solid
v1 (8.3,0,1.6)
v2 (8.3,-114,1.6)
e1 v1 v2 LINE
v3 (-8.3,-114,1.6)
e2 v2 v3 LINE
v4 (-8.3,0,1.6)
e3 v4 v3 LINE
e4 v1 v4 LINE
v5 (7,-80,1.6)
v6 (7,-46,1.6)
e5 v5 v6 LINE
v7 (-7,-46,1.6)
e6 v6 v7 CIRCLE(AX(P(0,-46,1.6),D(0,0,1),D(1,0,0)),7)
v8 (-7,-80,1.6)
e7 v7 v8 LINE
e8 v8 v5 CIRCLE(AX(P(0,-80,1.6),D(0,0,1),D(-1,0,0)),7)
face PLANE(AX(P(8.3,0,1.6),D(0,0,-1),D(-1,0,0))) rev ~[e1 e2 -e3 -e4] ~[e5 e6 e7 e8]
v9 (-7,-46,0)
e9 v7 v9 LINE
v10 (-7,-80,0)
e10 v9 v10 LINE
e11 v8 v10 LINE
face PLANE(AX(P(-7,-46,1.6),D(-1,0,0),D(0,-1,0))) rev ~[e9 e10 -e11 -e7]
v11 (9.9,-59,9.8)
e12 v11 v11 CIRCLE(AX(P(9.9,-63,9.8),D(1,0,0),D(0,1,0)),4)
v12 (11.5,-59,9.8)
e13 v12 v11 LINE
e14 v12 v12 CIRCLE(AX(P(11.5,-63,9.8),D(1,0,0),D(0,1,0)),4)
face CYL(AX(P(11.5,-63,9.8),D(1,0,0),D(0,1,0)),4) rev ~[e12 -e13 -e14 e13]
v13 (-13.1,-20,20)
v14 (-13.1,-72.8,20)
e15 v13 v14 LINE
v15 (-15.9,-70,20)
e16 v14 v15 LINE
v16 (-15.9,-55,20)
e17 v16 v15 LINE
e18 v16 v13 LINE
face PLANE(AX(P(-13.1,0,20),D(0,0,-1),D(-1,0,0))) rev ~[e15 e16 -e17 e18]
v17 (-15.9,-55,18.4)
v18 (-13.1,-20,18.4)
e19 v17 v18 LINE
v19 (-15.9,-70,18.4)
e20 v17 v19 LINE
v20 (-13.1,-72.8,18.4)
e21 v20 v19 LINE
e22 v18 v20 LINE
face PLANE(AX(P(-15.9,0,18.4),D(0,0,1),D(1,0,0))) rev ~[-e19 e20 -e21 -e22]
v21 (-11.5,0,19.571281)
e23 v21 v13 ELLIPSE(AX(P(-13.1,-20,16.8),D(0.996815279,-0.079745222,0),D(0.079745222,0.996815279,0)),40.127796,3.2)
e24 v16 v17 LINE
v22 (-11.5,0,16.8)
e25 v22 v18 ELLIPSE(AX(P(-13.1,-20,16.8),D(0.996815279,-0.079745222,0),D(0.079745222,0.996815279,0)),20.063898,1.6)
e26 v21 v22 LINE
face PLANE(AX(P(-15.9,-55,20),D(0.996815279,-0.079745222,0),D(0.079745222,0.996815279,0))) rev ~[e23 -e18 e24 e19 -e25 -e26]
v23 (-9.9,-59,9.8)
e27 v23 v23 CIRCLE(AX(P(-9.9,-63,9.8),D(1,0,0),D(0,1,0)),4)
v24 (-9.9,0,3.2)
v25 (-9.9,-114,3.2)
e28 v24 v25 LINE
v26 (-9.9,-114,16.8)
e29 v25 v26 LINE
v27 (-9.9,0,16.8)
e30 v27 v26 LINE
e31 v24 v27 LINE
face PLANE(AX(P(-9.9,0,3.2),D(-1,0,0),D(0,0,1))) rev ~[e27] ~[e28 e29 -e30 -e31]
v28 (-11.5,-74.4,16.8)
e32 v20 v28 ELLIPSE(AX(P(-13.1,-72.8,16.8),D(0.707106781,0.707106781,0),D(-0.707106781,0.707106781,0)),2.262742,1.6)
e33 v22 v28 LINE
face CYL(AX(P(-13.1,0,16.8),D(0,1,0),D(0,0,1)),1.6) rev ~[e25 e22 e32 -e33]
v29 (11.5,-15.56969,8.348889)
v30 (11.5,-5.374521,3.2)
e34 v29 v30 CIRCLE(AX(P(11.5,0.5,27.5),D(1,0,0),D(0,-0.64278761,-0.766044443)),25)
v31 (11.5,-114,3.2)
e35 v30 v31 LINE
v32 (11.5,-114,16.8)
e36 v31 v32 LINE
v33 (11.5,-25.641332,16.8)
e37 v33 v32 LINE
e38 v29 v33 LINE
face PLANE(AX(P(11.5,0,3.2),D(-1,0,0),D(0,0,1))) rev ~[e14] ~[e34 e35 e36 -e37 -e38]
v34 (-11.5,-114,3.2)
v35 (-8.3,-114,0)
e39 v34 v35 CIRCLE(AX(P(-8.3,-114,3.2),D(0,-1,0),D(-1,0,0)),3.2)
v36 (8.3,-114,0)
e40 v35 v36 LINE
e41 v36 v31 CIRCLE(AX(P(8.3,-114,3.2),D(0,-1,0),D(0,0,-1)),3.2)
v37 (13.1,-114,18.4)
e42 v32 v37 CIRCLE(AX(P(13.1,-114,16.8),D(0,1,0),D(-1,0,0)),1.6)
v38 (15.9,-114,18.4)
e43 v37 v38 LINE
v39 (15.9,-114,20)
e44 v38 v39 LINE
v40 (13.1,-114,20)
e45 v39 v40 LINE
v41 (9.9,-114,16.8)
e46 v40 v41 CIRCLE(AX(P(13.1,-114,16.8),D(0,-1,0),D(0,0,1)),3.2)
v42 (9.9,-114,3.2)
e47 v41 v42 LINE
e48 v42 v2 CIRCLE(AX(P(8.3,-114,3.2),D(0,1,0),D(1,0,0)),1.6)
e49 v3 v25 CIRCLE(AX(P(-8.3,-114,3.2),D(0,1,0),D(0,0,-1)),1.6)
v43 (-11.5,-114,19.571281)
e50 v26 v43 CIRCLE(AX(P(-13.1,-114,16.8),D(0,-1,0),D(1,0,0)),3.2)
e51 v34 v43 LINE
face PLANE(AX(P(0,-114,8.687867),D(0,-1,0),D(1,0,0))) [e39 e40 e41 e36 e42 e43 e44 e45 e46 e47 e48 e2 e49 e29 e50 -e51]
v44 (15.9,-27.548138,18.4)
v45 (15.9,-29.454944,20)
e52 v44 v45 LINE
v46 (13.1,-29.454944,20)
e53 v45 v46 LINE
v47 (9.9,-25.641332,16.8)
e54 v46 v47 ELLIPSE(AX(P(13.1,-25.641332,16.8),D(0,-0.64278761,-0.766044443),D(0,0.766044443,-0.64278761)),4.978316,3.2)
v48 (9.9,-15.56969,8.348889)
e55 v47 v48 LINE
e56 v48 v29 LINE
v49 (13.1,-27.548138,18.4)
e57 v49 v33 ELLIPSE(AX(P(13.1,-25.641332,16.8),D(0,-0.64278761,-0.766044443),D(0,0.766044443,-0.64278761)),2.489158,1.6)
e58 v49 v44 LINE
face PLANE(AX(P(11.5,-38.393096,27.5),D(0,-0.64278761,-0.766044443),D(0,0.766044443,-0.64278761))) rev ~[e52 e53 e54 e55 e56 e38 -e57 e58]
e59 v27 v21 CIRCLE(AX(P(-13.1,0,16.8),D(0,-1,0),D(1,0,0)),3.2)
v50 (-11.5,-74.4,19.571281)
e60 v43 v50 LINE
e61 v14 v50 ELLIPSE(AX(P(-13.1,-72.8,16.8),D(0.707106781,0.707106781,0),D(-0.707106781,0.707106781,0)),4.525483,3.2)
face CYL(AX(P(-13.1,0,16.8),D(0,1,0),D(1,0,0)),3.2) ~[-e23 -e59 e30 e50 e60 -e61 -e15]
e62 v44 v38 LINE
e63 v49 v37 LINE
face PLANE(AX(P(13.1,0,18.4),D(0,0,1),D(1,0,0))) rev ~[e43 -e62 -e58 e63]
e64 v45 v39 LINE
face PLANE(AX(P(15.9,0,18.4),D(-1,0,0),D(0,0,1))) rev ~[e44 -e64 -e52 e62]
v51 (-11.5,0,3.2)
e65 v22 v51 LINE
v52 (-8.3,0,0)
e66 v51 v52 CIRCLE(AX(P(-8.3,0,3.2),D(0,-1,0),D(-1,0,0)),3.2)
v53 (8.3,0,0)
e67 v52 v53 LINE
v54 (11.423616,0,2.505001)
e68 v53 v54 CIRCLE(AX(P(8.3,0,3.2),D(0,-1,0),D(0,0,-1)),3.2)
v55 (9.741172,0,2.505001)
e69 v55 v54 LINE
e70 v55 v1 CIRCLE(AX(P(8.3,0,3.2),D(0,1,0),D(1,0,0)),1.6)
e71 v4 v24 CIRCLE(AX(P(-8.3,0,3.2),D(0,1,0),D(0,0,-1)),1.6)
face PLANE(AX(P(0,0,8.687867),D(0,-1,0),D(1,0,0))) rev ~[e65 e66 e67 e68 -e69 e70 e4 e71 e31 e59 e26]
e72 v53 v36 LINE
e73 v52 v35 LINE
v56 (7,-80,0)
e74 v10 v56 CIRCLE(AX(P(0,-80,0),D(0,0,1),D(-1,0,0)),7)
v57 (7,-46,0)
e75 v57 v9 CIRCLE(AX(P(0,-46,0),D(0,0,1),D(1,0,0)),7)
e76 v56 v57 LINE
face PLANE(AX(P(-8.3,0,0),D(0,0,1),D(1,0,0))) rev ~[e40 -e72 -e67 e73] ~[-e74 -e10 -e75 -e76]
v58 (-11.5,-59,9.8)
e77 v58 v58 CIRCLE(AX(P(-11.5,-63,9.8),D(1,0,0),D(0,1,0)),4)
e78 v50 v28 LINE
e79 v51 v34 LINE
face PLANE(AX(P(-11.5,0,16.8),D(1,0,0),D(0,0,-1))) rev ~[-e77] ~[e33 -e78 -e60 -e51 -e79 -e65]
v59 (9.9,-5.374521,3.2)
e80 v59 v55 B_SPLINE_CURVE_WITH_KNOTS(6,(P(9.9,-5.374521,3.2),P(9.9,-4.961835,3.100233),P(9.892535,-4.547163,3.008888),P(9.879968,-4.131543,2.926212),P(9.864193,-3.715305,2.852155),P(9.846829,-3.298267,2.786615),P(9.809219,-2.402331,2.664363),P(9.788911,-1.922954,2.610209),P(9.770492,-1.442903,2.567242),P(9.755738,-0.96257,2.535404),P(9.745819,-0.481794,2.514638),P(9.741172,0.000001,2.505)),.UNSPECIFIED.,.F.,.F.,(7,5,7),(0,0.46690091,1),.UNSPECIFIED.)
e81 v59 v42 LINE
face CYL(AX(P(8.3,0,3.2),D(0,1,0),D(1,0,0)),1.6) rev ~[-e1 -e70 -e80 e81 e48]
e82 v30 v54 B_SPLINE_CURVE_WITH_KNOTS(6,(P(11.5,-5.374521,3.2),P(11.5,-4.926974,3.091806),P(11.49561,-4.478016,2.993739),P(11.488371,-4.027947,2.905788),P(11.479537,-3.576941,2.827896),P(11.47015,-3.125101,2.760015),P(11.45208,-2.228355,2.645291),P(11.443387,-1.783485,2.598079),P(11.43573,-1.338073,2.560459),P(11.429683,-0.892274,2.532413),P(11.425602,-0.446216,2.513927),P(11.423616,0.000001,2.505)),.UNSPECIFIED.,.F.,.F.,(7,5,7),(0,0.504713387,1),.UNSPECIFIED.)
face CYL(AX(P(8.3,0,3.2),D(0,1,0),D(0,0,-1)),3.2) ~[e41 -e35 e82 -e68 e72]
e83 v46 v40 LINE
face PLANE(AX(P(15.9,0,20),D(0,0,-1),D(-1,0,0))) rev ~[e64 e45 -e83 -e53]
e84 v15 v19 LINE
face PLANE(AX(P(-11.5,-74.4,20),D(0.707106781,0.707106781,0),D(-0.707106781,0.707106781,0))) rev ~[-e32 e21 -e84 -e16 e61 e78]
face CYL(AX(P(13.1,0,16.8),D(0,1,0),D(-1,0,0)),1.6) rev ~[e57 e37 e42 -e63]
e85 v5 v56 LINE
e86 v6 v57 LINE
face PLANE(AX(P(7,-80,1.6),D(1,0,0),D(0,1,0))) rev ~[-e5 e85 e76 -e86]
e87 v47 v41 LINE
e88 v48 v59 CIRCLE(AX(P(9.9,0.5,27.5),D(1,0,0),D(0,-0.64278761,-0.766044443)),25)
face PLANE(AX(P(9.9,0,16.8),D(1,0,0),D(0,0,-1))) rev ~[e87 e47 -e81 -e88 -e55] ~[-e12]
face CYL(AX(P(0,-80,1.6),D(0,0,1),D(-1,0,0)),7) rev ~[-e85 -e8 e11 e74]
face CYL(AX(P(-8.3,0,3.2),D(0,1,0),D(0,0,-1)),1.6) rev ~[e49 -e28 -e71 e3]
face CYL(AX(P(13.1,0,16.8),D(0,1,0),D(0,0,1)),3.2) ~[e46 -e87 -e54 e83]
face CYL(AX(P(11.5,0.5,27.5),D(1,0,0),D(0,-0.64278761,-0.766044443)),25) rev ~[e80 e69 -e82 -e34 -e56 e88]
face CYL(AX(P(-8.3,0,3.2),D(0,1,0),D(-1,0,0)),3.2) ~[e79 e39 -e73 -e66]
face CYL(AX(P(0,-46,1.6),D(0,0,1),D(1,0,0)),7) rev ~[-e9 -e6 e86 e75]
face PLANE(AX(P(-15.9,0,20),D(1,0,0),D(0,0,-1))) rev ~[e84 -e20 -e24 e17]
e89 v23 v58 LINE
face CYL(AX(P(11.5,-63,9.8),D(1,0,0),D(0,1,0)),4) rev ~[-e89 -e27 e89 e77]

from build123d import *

# Parameters (mm, degrees)
F1_DEPTH = 114
F3_DEPTH = 25
F5_DEPTH = 5
F6_R     = 4
F7_DEPTH = 30
F9_DEPTH = 5


with BuildPart() as f1:
    # F0 (on Front) → F1 (new body)
    with BuildSketch(Plane.XZ):
        with BuildLine():
            ThreePointArc((-11.5, 3.2), (-10.5627416998, 0.9372583002), (-8.3, 0))
            Line((-8.3, 0), (0, 0))
            Line((0, 0), (8.3, 0))
            ThreePointArc((8.3, 0), (10.5627416998, 0.9372583002), (11.5, 3.2))
            Line((11.5, 3.2), (11.5, 16.8))
            ThreePointArc((11.5, 16.8), (11.9686291501, 17.9313708499), (13.1, 18.4))
            Line((13.1, 18.4), (15.9, 18.4))
            Line((15.9, 18.4), (15.9, 20))
            Line((15.9, 20), (13.1, 20))
            ThreePointArc((13.1, 20), (10.8372583002, 19.0627416998), (9.9, 16.8))
            Line((9.9, 16.8), (9.9, 3.2))
            ThreePointArc((9.9, 3.2), (9.4313708499, 2.0686291501), (8.3, 1.6))
            Line((8.3, 1.6), (0, 1.6))
            Line((0, 1.6), (-8.3, 1.6))
            ThreePointArc((-8.3, 1.6), (-9.4313708499, 2.0686291501), (-9.9, 3.2))
            Line((-9.9, 3.2), (-9.9, 16.8))
            ThreePointArc((-9.9, 16.8), (-10.8372583002, 19.0627416998), (-13.1, 20))
            Line((-13.1, 20), (-15.9, 20))
            Line((-15.9, 20), (-15.9, 18.4))
            Line((-15.9, 18.4), (-13.1, 18.4))
            ThreePointArc((-13.1, 18.4), (-11.9686291501, 17.9313708499), (-11.5, 16.8))
            Line((-11.5, 16.8), (-11.5, 3.2))
        make_face()
    extrude(amount=F1_DEPTH)

    # F2 (on face) → F3 (cut)
    with BuildSketch(Plane.XY.offset(1.6)):
        with BuildLine():
            ThreePointArc((-7, -46), (0, -53), (7, -46))
            Line((7, -46), (-7, -46))
        make_face()
        with BuildLine():
            Line((-7, -46), (7, -46))
            ThreePointArc((7, -46), (0, -39), (-7, -46))
        make_face()
        with BuildLine():
            Line((7, -80), (7, -46))
            ThreePointArc((7, -46), (0, -53), (-7, -46))
            Line((-7, -46), (-7, -80))
            ThreePointArc((-7, -80), (0, -73), (7, -80))
        make_face()
        with BuildLine():
            ThreePointArc((-7, -80), (0, -87), (7, -80))
            Line((7, -80), (-7, -80))
        make_face()
        with BuildLine():
            Line((-7, -80), (7, -80))
            ThreePointArc((7, -80), (0, -73), (-7, -80))
        make_face()
    extrude(amount=-F3_DEPTH, mode=Mode.SUBTRACT)

    # F4 (on face) → F5 (cut)
    with BuildSketch(Plane.XY.offset(20)):
        Polygon((-11.5, 0), (-15.9, 0), (-15.9, -55), align=None)
        Polygon((-11.5, -74.4), (-15.9, -70), (-15.9, -114), (-11.5, -114), align=None)
    extrude(amount=-F5_DEPTH, mode=Mode.SUBTRACT)

    # F6 (on face) → F7 (cut)
    with BuildSketch(Plane.YZ.offset(11.5)):
        with Locations((-63, 9.8)):
            Circle(F6_R)
    extrude(amount=-F7_DEPTH, mode=Mode.SUBTRACT)

    # F8 (on face) → F9 (cut, symmetric)
    with BuildSketch(Plane.YZ.offset(11.5)):
        with BuildLine():
            Line((-38.3930956715, 27.5), (-15.5696902422, 8.348888922))
            ThreePointArc((-15.5696902422, 8.348888922), (-8.0505035831, 4.0076844804), (0.5, 2.5))
            Line((0.5, 2.5), (5, 2.5))
            Line((5, 2.5), (5, 27.5))
            Line((5, 27.5), (-38.3930956715, 27.5))
        make_face()
    extrude(amount=F9_DEPTH, both=True, mode=Mode.SUBTRACT)


solid = f1.part
